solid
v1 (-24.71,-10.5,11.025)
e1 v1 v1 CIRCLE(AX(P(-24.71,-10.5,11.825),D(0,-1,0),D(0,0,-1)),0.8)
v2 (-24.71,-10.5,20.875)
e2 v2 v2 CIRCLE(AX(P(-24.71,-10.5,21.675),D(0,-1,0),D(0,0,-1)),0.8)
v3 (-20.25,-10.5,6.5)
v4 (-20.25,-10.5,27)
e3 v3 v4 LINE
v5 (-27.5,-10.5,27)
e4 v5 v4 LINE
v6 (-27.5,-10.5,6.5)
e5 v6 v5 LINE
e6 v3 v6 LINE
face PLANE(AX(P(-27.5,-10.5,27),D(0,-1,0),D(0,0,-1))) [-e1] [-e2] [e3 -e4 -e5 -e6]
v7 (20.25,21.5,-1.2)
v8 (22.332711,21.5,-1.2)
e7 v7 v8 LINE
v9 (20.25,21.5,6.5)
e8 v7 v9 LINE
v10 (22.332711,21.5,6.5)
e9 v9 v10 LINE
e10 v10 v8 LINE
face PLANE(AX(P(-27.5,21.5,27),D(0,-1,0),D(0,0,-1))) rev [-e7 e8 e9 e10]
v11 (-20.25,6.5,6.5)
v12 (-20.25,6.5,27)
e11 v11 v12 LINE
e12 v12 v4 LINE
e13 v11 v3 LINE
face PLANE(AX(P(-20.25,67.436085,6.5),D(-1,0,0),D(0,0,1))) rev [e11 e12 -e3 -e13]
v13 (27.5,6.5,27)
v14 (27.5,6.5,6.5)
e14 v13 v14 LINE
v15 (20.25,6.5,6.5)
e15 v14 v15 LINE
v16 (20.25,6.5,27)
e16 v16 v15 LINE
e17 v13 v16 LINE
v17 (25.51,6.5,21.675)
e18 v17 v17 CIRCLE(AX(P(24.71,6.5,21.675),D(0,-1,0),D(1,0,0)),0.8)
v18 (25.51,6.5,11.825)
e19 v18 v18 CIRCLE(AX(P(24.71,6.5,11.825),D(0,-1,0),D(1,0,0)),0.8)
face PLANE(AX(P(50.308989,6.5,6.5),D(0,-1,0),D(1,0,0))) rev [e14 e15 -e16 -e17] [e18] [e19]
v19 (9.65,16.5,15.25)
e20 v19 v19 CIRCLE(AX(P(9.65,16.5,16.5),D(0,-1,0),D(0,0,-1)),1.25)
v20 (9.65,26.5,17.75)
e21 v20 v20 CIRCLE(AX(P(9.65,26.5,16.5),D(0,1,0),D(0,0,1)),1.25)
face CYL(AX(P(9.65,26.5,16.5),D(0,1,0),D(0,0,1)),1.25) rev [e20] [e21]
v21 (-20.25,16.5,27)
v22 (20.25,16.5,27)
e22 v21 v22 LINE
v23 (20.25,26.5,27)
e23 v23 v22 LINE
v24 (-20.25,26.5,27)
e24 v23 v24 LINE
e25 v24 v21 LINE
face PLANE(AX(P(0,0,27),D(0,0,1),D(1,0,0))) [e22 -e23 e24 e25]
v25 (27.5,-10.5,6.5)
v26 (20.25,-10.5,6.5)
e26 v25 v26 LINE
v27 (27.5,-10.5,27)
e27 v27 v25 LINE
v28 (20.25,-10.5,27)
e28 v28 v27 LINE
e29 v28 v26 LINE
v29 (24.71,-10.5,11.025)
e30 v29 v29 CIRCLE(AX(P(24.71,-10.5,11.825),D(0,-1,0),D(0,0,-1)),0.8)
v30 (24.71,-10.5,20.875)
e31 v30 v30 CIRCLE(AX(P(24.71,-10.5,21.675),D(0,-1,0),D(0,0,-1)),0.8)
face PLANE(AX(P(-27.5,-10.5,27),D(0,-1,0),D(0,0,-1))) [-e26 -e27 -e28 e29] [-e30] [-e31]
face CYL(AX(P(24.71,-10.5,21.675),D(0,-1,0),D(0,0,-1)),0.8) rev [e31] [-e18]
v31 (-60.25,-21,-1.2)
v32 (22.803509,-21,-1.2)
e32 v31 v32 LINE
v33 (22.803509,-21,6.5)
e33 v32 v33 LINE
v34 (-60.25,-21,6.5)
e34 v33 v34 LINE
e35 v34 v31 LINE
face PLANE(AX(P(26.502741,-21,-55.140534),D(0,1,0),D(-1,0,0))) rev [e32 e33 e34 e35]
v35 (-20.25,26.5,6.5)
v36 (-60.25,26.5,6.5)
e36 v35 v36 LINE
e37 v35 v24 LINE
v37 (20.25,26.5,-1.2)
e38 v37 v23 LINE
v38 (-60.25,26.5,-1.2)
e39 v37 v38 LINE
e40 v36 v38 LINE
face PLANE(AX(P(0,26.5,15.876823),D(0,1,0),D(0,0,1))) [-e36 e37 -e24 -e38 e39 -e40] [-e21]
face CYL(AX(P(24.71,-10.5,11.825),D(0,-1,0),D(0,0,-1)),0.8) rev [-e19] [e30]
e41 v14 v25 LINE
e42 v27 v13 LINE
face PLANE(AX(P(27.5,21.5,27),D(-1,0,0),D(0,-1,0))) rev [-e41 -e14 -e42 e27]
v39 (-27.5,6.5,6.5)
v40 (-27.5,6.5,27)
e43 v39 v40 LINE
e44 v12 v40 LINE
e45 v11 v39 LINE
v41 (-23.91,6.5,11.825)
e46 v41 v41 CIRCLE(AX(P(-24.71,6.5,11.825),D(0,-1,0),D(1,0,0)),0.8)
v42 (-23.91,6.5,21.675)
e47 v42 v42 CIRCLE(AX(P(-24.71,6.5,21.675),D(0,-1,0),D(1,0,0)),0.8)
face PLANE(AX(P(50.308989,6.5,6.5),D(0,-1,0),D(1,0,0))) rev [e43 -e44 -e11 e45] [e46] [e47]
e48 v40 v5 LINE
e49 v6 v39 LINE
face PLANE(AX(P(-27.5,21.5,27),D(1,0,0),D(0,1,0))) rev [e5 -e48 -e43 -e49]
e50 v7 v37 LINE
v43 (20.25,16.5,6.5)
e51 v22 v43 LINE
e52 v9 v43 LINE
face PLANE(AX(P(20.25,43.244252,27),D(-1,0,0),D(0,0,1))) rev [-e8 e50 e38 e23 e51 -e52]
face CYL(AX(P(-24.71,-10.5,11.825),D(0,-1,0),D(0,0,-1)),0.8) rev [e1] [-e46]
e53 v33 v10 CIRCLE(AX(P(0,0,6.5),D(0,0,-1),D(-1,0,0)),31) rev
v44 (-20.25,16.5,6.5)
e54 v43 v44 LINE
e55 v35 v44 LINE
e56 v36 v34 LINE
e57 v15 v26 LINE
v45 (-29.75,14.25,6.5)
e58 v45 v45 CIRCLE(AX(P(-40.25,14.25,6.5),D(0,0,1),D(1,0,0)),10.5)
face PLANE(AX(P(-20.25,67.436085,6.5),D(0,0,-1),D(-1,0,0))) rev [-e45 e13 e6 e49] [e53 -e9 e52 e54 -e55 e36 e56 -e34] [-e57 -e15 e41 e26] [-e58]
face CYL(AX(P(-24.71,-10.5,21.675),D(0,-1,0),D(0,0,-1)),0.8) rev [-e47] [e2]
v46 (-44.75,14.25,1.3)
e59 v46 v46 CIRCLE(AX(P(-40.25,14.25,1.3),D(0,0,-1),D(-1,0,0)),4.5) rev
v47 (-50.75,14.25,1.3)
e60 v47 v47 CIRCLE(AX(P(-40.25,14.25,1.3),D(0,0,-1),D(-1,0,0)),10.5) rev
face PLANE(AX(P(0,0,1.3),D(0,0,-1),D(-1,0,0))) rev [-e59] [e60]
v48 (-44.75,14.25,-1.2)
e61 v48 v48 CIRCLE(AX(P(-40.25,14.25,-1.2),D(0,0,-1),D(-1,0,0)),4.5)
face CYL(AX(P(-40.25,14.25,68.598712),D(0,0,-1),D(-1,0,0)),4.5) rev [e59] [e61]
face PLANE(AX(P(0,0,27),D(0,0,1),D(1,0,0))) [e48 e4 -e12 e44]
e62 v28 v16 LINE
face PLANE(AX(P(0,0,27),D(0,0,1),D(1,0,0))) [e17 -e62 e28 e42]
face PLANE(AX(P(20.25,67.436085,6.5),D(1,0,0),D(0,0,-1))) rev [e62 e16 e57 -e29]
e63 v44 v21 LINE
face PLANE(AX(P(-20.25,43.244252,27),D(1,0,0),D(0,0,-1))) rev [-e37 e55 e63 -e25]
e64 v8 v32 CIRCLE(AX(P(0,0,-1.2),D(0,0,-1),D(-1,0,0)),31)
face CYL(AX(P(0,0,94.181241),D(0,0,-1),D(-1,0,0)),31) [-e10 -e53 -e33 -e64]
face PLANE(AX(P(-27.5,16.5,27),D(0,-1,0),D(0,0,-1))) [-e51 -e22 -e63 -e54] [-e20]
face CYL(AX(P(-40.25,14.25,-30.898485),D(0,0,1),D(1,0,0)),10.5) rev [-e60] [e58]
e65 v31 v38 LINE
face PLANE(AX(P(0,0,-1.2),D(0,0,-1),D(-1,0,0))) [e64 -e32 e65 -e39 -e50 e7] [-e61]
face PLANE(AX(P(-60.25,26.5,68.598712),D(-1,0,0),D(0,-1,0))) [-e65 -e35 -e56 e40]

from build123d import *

# Parameters (mm, degrees)
ESQUISSE1_W              = 55
ESQUISSE1_H              = 43
BOSS_EXTRU_1_DEPTH       = 27
ESQUISSE2_W              = 40.5
ESQUISSE2_H              = 21.676575317
ENL_V_MAT_EXTRU_1_DEPTH  = 38
ESQUISSE3_R              = 0.7
ENL_V_MAT_EXTRU_2_DEPTH  = 43
ESQUISSE4_W              = 55
ESQUISSE4_H              = 20.5
ENL_V_MAT_EXTRU_3_DEPTH  = 11
ENL_V_MAT_EXTRU_6_REACH  = 66.933
ESQUISSE5_W              = 20.5
ESQUISSE5_H              = 10
ESQUISSE6_W              = 7.25
ESQUISSE6_H              = 20.5
ENL_V_MAT_EXTRU_7_DEPTH  = 5
ESQUISSE7_R              = 31
BOSS_EXTRU_2_DEPTH       = 6.5
ESQUISSE8_R              = 41
ESQUISSE8_R_2            = 31
ENL_V_MAT_EXTRU_8_DEPTH  = 6.5
TROU_TARAUD_M2X0_41_D    = 1.6
ESQUISSE10_R             = 10.5
ENL_V_MAT_EXTRU_9_DEPTH  = 4.5
ESQUISSE11_R             = 4.5
ENL_V_MAT_EXTRU_10_DEPTH = 2
ESQUISSE12_R             = 9.25
ESQUISSE12_R_2           = 1.25
BOSS_EXTRU_3_DEPTH       = 5
ESQUISSE13_W             = 50.114904395
ESQUISSE13_H             = 12.012600019
ENL_V_MAT_EXTRU_11_DEPTH = 6.5
BOSS_EXTRU_4_START       = 1.2
BOSS_EXTRU_4_DEPTH       = 1.2
ESQUISSE15_W             = 53.005482756
ESQUISSE15_H             = 10
ENL_V_MAT_EXTRU_12_DEPTH = 7.7
ESQUISSE16_R             = 4.5
ENL_V_MAT_EXTRU_13_DEPTH = 1.2
BOSS_EXTRU_5_START       = -28.2
ESQUISSE17_W             = 40.5
ESQUISSE17_H             = 5
BOSS_EXTRU_5_DEPTH       = 28.2
ESQUISSE18_R             = 1
ENL_V_MAT_EXTRU_14_DEPTH = 10
TROU_TARAUD_M3X0_51_D    = 2.5
ESQUISSE22_R             = 4.5
BOSS_EXTRU_6_DEPTH       = 7.7
ESQUISSE23_R             = 10.5
ENL_V_MAT_EXTRU_15_DEPTH = 5.2
ESQUISSE24_R             = 12.885190895
BOSS_EXTRU_7_DEPTH       = 7.7


with BuildPart() as part:
    # Esquisse1 → Boss.-Extru.1 (new body)
    with BuildSketch(Plane.XY):
        Rectangle(ESQUISSE1_W, ESQUISSE1_H)
    extrude(amount=BOSS_EXTRU_1_DEPTH)

    # Esquisse2 → Enlèv. mat.-Extru.1 (cut)
    with BuildSketch(Plane.XZ.offset(21.5)):
        with Locations((0, 17.338287659)):
            Rectangle(ESQUISSE2_W, ESQUISSE2_H)
    extrude(amount=-ENL_V_MAT_EXTRU_1_DEPTH, mode=Mode.SUBTRACT)

    # Esquisse3 → Enlèv. mat.-Extru.2 (cut)
    with BuildSketch(Plane.XZ.offset(21.5)):
        with Locations(Location((-24.71, 21.675, 0), (0, 0, 270))):
            Circle(ESQUISSE3_R)
        with Locations(Location((-24.71, 11.825, 0), (0, 0, 270))):
            Circle(ESQUISSE3_R)
        with Locations(Location((24.71, 11.825, 0), (0, 0, 270))):
            Circle(ESQUISSE3_R)
        with Locations(Location((24.71, 21.675, 0), (0, 0, 270))):
            Circle(ESQUISSE3_R)
    extrude(amount=-ENL_V_MAT_EXTRU_2_DEPTH, mode=Mode.SUBTRACT)

    # Esquisse4 → Enlèv. mat.-Extru.3 (cut)
    with BuildSketch(Plane.XZ.offset(21.5)):
        with Locations((0, 16.75)):
            Rectangle(ESQUISSE4_W, ESQUISSE4_H)
    extrude(amount=-ENL_V_MAT_EXTRU_3_DEPTH, mode=Mode.SUBTRACT)

    # Enlèv. mat.-Extru.6: up to this face of the body (flat: up to its plane)
    enl_v_mat_extru_6_end = Plane(part.part.faces().sort_by_distance((27.5, 3.85676109, 12.716595404))[0])
    # Esquisse5 → Enlèv. mat.-Extru.6 (cut, up to the picked face)
    with BuildSketch(Plane.ZY.offset(27.5), mode=Mode.PRIVATE) as enl_v_mat_extru_6_sk1:
        with Locations((16.75, 11.5)):
            Rectangle(ESQUISSE5_W, ESQUISSE5_H)
    enl_v_mat_extru_6_tool1 = split(extrude(enl_v_mat_extru_6_sk1.sketch, amount=-ENL_V_MAT_EXTRU_6_REACH, mode=Mode.PRIVATE), bisect_by=enl_v_mat_extru_6_end, keep=Keep.BOTH, mode=Mode.PRIVATE)
    add(enl_v_mat_extru_6_tool1.solids().sort_by(Axis((-27.5, 11.5, 16.75), (1, 0, 0)))[0], mode=Mode.SUBTRACT)

    # Esquisse6 → Enlèv. mat.-Extru.7 (cut)
    with BuildSketch(Plane.XZ.offset(-16.5)):
        with Locations((-23.875, 16.75)):
            Rectangle(ESQUISSE6_W, ESQUISSE6_H)
        with Locations((23.875, 16.75)):
            Rectangle(ESQUISSE6_W, ESQUISSE6_H)
    extrude(amount=-ENL_V_MAT_EXTRU_7_DEPTH, mode=Mode.SUBTRACT)

    # Esquisse7 → Boss.-Extru.2 (add)
    with BuildSketch(Plane(origin=(0, 0, 0), x_dir=(-1, 0, 0), z_dir=(0, 0, -1))):
        Circle(ESQUISSE7_R)
    extrude(amount=-BOSS_EXTRU_2_DEPTH)

    # Esquisse8 → Enlèv. mat.-Extru.8 (cut)
    with BuildSketch(Plane(origin=(0, 0, 0), x_dir=(-1, 0, 0), z_dir=(0, 0, -1))):
        Circle(ESQUISSE8_R)
        Circle(ESQUISSE8_R_2, mode=Mode.SUBTRACT)
    extrude(amount=-ENL_V_MAT_EXTRU_8_DEPTH, mode=Mode.SUBTRACT)

    # Trou taraudé M2x0.41 (through all)
    with Locations(Plane(origin=(-24.71, -10.5, 21.675), x_dir=(0, 0, -1), z_dir=(0, -1, 0))):
        with Locations((0, 0), (9.85, 0), (0, 49.42), (9.85, 49.42)):
            Hole(TROU_TARAUD_M2X0_41_D / 2)

    # Esquisse10 → Enlèv. mat.-Extru.9 (cut)
    with BuildSketch(Plane.XY.offset(6.5)):
        Circle(ESQUISSE10_R)
    extrude(amount=-ENL_V_MAT_EXTRU_9_DEPTH, mode=Mode.SUBTRACT)

    # Esquisse11 → Enlèv. mat.-Extru.10 (cut)
    with BuildSketch(Plane.XY.offset(2)):
        Circle(ESQUISSE11_R)
    extrude(amount=-ENL_V_MAT_EXTRU_10_DEPTH, mode=Mode.SUBTRACT)

    # Esquisse12 → Boss.-Extru.3 (add)
    with BuildSketch(Plane(origin=(0, 21.5, 0), x_dir=(1, 0, 0), z_dir=(0, 1, 0))):
        with Locations(Location((0, -15.876822983, 0), (0, 0, 90))):
            Circle(ESQUISSE12_R)
        with Locations(Location((0, -15.876822983, 0), (0, 0, 270))):
            Circle(ESQUISSE12_R_2, mode=Mode.SUBTRACT)
    extrude(amount=BOSS_EXTRU_3_DEPTH)

    # Esquisse13 → Enlèv. mat.-Extru.11 (cut)
    with BuildSketch(Plane.XY.offset(6.5)):
        with Locations((-0.983340997, 27.50630001)):
            Rectangle(ESQUISSE13_W, ESQUISSE13_H)
    extrude(amount=-ENL_V_MAT_EXTRU_11_DEPTH, mode=Mode.SUBTRACT)

    # Esquisse14 → Boss.-Extru.4 (add)
    with BuildSketch(Plane(origin=(0, 0, 0), x_dir=(-1, 0, 0), z_dir=(0, 0, -1)).offset(BOSS_EXTRU_4_START)):
        with BuildLine():
            Line((-22.332711434, 21.5), (22.332711434, 21.5))
            ThreePointArc((22.332711434, 21.5), (0, -31), (-22.332711434, 21.5))
        make_face()
    extrude(amount=-BOSS_EXTRU_4_DEPTH)

    # Esquisse15 → Enlèv. mat.-Extru.12 (cut)
    with BuildSketch(Plane.XY.offset(6.5)):
        with Locations((0, -26)):
            Rectangle(ESQUISSE15_W, ESQUISSE15_H)
    extrude(amount=-ENL_V_MAT_EXTRU_12_DEPTH, mode=Mode.SUBTRACT)

    # Esquisse16 → Enlèv. mat.-Extru.13 (cut)
    with BuildSketch(Plane.XY):
        Circle(ESQUISSE16_R)
    extrude(amount=-ENL_V_MAT_EXTRU_13_DEPTH, mode=Mode.SUBTRACT)

    # Esquisse17 → Boss.-Extru.5 (add)
    with BuildSketch(Plane.XY.offset(27).offset(BOSS_EXTRU_5_START)):
        with Locations((0, 24)):
            Rectangle(ESQUISSE17_W, ESQUISSE17_H)
    extrude(amount=BOSS_EXTRU_5_DEPTH)

    # Esquisse18 → Enlèv. mat.-Extru.14 (cut)
    with BuildSketch(Plane(origin=(0, 26.5, 0), x_dir=(1, 0, 0), z_dir=(0, 1, 0))):
        with Locations(Location((9.65, -16.5, 0), (0, 0, 270))):
            Circle(ESQUISSE18_R)
    extrude(amount=-ENL_V_MAT_EXTRU_14_DEPTH, mode=Mode.SUBTRACT)

    # Trou taraudé M3x0.51 (through all)
    with Locations(Plane(origin=(9.65, 26.5, 16.5), x_dir=(0, 0, 1), z_dir=(0, 1, 0))):
        with Locations((0, 0)):
            Hole(TROU_TARAUD_M3X0_51_D / 2)

    # Esquisse22 → Boss.-Extru.6 (add)
    with BuildSketch(Plane(origin=(0, 0, -1.2), x_dir=(-1, 0, 0), z_dir=(0, 0, -1))):
        Polygon((20.25, 26.5), (60.25, 26.5), (60.25, 2), (60.25, -21), (20.25, -21), (20.25, 2), align=None)
        with Locations((40.25, 14.25)):
            Circle(ESQUISSE22_R, mode=Mode.SUBTRACT)
    extrude(amount=-BOSS_EXTRU_6_DEPTH)

    # Esquisse23 → Enlèv. mat.-Extru.15 (cut)
    with BuildSketch(Plane.XY.offset(6.5)):
        with Locations((-40.25, 14.25)):
            Circle(ESQUISSE23_R)
    extrude(amount=-ENL_V_MAT_EXTRU_15_DEPTH, mode=Mode.SUBTRACT)

    # Esquisse24 → Boss.-Extru.7 (add)
    with BuildSketch(Plane(origin=(0, 0, -1.2), x_dir=(-1, 0, 0), z_dir=(0, 0, -1))):
        Circle(ESQUISSE24_R)
    extrude(amount=-BOSS_EXTRU_7_DEPTH)


solid = part.part
